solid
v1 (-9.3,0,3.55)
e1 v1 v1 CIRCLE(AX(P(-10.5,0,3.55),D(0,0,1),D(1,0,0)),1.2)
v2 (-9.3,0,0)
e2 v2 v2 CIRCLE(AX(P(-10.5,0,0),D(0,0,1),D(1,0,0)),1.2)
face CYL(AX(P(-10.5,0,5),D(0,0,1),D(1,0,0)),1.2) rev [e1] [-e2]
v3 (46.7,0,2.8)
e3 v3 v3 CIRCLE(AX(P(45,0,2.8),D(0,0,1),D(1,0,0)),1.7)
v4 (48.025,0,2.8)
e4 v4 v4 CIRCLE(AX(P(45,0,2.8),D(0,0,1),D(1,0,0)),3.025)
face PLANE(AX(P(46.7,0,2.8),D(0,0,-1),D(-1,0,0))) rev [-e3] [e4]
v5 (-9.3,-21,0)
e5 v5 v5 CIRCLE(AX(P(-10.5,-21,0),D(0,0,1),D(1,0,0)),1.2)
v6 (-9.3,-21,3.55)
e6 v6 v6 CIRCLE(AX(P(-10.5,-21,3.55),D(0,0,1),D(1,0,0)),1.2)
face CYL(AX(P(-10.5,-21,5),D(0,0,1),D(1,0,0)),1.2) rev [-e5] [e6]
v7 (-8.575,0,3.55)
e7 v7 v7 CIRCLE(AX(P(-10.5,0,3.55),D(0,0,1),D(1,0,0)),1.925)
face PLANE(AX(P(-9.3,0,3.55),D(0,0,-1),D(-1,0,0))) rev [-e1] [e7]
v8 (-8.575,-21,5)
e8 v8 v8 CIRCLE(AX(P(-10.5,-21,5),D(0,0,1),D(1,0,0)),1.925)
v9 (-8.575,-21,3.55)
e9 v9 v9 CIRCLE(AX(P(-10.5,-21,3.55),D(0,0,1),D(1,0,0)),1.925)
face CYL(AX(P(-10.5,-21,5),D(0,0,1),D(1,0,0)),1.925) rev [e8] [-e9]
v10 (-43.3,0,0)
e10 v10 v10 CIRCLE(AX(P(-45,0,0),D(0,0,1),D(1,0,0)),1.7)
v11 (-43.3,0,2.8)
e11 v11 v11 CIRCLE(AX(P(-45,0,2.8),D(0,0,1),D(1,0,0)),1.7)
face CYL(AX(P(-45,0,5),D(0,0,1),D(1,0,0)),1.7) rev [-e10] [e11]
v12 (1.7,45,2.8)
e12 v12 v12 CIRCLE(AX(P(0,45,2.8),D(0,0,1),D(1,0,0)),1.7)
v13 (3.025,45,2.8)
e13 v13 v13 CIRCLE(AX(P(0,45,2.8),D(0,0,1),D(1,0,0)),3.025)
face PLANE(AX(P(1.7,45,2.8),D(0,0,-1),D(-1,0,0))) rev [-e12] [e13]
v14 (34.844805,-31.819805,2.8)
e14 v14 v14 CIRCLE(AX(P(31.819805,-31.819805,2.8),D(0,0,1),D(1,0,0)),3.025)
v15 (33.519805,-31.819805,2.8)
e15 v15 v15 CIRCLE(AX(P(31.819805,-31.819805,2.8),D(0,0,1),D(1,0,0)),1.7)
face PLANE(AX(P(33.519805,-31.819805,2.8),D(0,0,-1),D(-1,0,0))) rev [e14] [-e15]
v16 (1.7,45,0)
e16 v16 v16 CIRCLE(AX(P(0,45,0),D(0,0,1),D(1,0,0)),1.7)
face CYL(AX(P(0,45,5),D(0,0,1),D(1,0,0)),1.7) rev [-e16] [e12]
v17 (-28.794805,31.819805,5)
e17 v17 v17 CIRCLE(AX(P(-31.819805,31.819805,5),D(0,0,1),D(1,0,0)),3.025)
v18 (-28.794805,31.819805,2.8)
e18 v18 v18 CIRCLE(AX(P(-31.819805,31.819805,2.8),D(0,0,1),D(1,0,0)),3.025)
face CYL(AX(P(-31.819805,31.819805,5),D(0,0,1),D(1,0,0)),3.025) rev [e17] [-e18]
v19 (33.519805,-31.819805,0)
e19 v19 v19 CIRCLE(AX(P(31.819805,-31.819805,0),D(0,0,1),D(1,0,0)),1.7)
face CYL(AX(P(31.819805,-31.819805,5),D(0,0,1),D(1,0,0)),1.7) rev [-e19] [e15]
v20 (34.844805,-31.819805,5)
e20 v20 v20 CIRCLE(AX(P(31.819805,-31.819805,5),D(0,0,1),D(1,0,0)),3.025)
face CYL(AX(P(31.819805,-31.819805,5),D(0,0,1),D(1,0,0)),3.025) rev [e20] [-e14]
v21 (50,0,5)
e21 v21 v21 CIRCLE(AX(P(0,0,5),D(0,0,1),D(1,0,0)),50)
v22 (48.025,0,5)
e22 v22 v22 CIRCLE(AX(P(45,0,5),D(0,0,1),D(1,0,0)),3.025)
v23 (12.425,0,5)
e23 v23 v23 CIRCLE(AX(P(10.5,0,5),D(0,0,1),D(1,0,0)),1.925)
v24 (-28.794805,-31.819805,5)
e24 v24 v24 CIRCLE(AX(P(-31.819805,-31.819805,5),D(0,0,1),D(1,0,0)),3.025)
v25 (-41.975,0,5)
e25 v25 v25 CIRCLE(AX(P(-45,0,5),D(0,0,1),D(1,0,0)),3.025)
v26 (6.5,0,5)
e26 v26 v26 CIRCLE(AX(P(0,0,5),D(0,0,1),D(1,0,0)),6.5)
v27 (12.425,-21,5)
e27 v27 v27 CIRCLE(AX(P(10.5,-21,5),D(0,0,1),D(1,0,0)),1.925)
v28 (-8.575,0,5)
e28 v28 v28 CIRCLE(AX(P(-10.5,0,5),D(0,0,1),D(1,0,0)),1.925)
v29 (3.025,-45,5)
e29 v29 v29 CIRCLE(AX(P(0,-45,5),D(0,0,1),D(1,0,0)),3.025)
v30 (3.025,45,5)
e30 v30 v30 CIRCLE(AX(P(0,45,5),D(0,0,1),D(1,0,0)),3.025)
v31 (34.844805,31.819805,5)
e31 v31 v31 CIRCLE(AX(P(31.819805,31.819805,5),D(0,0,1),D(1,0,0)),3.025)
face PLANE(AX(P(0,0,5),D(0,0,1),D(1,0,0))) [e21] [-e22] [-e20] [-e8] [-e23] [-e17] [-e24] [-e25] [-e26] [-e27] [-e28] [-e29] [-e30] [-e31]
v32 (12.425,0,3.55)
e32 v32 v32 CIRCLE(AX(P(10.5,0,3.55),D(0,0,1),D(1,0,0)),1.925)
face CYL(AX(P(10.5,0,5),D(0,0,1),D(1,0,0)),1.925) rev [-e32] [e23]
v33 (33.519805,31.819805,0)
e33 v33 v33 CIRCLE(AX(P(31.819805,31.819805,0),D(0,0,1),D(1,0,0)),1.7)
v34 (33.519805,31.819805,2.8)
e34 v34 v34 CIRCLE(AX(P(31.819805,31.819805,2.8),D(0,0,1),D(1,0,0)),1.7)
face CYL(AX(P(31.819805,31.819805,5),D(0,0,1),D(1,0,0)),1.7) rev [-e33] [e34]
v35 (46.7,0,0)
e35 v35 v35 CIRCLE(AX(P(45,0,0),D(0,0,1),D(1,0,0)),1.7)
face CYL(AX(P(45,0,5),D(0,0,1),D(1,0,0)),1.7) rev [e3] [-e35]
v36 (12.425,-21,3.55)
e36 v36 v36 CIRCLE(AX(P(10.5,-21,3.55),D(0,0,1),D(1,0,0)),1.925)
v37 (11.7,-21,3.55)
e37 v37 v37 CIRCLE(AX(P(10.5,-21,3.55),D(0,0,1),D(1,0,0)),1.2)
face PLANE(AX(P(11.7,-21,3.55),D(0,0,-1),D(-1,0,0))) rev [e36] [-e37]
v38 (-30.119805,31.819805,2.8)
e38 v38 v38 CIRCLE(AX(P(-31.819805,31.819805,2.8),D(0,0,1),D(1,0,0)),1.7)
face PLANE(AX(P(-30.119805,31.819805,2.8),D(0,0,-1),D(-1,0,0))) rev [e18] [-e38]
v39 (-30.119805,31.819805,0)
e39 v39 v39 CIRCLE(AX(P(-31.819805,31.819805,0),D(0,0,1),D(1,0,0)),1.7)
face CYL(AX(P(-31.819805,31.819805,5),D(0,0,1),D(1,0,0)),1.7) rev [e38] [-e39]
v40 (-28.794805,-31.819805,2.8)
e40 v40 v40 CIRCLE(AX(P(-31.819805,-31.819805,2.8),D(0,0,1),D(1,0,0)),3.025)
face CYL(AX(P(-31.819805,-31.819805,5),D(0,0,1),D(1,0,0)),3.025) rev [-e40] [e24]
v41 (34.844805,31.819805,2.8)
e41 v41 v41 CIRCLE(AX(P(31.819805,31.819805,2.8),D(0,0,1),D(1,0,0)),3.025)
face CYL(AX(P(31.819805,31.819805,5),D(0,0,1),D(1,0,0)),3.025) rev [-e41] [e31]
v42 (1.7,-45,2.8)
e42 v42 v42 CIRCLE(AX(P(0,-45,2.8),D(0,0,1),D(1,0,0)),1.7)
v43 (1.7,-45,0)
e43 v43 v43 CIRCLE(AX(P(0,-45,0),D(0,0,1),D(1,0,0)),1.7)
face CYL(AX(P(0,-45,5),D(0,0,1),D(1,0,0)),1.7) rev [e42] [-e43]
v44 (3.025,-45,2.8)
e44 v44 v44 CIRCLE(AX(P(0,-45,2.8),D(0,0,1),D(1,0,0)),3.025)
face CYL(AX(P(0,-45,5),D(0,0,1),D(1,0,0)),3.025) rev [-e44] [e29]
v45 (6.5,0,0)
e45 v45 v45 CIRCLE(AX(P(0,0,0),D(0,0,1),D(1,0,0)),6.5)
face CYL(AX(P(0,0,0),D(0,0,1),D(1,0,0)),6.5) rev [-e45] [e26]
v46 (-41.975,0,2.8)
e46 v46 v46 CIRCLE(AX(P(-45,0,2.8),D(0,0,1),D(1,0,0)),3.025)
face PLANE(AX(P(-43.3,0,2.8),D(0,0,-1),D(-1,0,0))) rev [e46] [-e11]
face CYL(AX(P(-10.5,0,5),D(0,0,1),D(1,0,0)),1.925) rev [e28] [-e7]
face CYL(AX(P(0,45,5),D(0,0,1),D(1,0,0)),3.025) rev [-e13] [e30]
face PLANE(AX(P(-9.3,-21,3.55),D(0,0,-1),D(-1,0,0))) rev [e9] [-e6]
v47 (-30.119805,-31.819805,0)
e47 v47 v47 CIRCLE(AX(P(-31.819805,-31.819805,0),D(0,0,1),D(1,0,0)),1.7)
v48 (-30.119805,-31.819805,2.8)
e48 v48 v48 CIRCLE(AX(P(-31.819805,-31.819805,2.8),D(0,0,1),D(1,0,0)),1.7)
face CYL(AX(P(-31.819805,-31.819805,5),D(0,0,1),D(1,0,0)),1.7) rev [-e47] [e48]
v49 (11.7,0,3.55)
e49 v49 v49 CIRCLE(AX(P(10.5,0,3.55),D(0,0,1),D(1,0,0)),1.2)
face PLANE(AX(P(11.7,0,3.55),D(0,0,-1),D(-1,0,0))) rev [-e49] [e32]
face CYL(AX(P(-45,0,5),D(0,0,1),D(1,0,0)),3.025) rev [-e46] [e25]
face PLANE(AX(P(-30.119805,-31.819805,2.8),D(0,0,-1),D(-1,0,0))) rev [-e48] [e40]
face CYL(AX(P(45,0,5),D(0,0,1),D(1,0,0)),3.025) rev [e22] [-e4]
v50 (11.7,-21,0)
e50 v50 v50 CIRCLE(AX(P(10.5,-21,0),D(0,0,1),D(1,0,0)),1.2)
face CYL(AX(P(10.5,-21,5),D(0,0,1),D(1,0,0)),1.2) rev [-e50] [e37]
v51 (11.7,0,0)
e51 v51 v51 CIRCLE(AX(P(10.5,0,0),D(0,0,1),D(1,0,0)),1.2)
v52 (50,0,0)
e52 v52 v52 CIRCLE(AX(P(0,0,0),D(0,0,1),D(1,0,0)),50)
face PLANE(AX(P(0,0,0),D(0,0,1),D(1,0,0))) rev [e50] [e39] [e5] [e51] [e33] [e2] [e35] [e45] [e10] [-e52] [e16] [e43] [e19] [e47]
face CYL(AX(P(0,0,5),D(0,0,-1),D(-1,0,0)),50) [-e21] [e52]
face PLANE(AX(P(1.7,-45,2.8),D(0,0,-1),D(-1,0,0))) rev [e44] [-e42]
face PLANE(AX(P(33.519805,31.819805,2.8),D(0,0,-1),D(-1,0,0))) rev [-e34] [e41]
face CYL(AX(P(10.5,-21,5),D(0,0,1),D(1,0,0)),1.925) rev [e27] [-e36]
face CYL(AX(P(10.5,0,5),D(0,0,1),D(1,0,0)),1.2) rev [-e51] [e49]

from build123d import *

# Parameters (mm, degrees)
SKETCH_1_R                   = 50
EXTRUDE_1_DEPTH              = 5
HOLE_WIZARD_M2_1_D           = 2.4
HOLE_WIZARD_M2_1_CBORE_D     = 3.85
HOLE_WIZARD_M2_1_CBORE_DEPTH = 1.45
HOLE_WIZARD_M3_2_D           = 3.4
HOLE_WIZARD_M3_2_CBORE_D     = 6.05
HOLE_WIZARD_M3_2_CBORE_DEPTH = 2.2
PATTERN_CIRCULAR_1_COUNT     = 8
SKETCH_6_R                   = 6.5
CUT_EXTRUDE_1_DEPTH          = 71.887234394


with BuildPart() as part:
    # ｽｹｯﾁ1 → ﾎﾞｽ - 押し出し1 (new body)
    with BuildSketch(Plane.XY):
        Circle(SKETCH_1_R)
    extrude(amount=EXTRUDE_1_DEPTH)

    # M2 丸平ねじ用座ぐり穴1 (through all)
    with Locations(Plane.XY.offset(5)):
        with Locations((-10.5, 0), (-10.5, -21)):
            hole_wizard_m2_1 = CounterBoreHole(HOLE_WIZARD_M2_1_D / 2, HOLE_WIZARD_M2_1_CBORE_D / 2, HOLE_WIZARD_M2_1_CBORE_DEPTH)

    # ﾐﾗｰ1: M2 丸平ねじ用座ぐり穴1 across plane
    add(hole_wizard_m2_1.mirror(Plane(origin=(0, 0, 0), x_dir=(0, 0, 1), z_dir=(1, 0, 0))), mode=Mode.SUBTRACT)

    # M3 丸平ねじ用座ぐり穴2 (through all)
    with Locations(Plane.XY.offset(5)):
        with Locations((45, 0)):
            hole_wizard_m3_2 = CounterBoreHole(HOLE_WIZARD_M3_2_D / 2, HOLE_WIZARD_M3_2_CBORE_D / 2, HOLE_WIZARD_M3_2_CBORE_DEPTH)

    # 円形ﾊﾟﾀｰﾝ1: M3 丸平ねじ用座ぐり穴2 ×8 about axis
    pattern_circular_1_axis = Axis((0, 0, 0), (0, 0, 1))
    for i in range(1, PATTERN_CIRCULAR_1_COUNT):
        add(hole_wizard_m3_2.rotate(pattern_circular_1_axis, i * 360 / PATTERN_CIRCULAR_1_COUNT), mode=Mode.SUBTRACT)

    # ｽｹｯﾁ6 → ｶｯﾄ - 押し出し1 (cut, through all)
    with BuildSketch(Plane.XY.offset(5)):
        Circle(SKETCH_6_R)
    extrude(amount=-CUT_EXTRUDE_1_DEPTH, mode=Mode.SUBTRACT)


solid = part.part
